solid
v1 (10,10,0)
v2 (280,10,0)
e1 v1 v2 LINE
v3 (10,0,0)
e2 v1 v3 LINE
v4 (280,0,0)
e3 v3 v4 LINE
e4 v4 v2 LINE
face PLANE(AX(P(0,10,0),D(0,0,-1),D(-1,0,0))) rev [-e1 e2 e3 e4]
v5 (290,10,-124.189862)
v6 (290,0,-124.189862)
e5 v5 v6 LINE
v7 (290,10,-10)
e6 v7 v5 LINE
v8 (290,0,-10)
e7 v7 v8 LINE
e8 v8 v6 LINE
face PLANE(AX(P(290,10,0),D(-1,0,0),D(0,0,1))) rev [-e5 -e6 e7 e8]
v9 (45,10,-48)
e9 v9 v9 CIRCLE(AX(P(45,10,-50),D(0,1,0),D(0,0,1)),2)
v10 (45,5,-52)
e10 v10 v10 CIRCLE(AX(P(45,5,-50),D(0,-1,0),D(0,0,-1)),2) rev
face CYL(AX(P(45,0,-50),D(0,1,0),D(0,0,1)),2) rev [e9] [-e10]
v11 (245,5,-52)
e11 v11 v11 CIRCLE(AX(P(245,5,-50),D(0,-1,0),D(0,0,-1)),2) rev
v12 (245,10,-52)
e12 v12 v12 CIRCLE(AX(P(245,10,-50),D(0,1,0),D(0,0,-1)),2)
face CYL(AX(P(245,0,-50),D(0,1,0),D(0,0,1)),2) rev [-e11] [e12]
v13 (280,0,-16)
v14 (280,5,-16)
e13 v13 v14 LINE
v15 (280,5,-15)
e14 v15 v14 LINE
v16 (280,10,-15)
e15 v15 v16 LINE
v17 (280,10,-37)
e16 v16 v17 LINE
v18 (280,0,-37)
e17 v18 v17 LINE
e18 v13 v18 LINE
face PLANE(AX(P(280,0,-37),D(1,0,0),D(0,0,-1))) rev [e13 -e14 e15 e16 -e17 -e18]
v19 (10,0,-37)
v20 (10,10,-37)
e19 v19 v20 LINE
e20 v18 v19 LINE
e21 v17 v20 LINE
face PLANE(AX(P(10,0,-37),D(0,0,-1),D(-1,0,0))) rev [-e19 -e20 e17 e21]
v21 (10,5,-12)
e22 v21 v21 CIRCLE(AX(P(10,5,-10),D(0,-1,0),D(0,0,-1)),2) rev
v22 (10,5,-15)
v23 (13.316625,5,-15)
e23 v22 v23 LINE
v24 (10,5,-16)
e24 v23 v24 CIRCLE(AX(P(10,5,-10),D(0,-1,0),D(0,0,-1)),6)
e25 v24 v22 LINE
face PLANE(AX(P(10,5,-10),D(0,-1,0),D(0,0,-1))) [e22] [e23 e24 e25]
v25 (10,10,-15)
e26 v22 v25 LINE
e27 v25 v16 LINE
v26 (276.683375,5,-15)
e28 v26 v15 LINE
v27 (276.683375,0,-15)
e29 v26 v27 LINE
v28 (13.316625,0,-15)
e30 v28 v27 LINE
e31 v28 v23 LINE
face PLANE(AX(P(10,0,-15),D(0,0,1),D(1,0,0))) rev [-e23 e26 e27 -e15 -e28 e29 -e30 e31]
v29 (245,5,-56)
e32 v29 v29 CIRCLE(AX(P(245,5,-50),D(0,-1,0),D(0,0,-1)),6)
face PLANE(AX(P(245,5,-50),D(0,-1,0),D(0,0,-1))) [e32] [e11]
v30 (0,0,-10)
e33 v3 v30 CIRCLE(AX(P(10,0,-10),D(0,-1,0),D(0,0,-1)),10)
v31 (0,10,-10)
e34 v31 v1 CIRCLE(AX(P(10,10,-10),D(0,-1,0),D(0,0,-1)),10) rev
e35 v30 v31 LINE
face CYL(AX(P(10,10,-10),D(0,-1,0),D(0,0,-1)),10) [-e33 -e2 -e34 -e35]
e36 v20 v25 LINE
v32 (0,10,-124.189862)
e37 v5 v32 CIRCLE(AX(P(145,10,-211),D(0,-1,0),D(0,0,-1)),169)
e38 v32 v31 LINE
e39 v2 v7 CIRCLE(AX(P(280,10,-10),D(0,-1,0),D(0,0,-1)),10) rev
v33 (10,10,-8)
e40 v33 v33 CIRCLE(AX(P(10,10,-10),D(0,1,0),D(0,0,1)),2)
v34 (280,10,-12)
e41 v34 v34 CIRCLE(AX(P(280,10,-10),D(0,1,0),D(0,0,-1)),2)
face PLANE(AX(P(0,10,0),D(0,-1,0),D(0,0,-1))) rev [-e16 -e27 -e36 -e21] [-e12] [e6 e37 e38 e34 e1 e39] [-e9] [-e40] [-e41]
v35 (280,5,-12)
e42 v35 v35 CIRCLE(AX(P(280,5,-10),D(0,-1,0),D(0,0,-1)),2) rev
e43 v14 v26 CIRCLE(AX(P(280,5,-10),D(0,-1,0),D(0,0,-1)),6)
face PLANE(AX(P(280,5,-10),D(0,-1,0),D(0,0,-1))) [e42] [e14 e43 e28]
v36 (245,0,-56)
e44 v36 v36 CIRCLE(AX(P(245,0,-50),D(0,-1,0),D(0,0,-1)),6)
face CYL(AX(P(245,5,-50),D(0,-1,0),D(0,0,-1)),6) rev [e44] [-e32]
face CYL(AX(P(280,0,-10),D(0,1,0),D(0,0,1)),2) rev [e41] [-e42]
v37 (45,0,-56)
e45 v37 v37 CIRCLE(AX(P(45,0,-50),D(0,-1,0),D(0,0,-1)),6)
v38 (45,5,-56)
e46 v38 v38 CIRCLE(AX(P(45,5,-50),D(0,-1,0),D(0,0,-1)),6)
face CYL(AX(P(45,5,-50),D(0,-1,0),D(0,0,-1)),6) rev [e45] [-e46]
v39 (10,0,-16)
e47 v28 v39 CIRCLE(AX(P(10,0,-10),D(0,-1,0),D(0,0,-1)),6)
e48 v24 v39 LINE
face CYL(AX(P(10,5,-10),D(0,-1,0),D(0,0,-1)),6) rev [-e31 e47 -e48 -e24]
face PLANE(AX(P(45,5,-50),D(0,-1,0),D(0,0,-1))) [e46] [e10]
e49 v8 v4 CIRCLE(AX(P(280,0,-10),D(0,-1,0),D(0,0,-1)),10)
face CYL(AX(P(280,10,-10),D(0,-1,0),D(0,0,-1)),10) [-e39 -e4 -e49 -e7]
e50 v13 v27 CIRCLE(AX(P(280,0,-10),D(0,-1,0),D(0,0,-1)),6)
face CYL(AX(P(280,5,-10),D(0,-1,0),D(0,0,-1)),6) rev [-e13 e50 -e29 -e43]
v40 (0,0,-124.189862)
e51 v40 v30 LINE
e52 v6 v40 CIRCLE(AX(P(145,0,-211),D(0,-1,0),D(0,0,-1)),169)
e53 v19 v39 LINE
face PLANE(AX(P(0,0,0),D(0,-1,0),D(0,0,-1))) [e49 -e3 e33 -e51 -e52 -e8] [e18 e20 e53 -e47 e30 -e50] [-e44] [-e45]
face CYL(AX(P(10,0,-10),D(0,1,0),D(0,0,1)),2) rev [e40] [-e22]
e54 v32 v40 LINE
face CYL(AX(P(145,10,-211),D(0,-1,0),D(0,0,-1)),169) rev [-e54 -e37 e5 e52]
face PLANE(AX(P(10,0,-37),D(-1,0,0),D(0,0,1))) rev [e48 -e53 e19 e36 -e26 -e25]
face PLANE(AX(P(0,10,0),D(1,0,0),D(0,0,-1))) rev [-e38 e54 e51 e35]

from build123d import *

# Parameters (mm, degrees)
BOSS_EXTRU_1_DEPTH      = 10
ESQUISSE3_R             = 2
ENL_V_MAT_EXTRU_1_DEPTH = 10
CONG_1_R                = 10
ESQUISSE4_R             = 32.5
ENL_V_MAT_EXTRU_2_DEPTH = 10
ESQUISSE5_R             = 2
ENL_V_MAT_EXTRU_3_DEPTH = 10
ESQUISSE6_W             = 270
ESQUISSE6_H             = 22
ENL_V_MAT_EXTRU_4_DEPTH = 10
ESQUISSE7_R             = 2
ENL_V_MAT_EXTRU_5_DEPTH = 10
ENL_V_MAT_EXTRU_6_DEPTH = 10
ESQUISSE9_R             = 2
ENL_V_MAT_EXTRU_7_DEPTH = 10
ESQUISSE10_R            = 6
ENL_V_MAT_EXTRU_8_DEPTH = 5


with BuildPart() as part:
    # Esquisse2 → Boss.-Extru.1 (new body)
    with BuildSketch(Plane(origin=(0, 0, 0), x_dir=(1, 0, 0), z_dir=(0, 1, 0))):
        Polygon((0, 0), (290, 0), (290, 180), (275, 180), (225, 130), (65, 130), (15, 180), (0, 180), align=None)
    extrude(amount=BOSS_EXTRU_1_DEPTH)

    # Esquisse3 → Enlèv. mat.-Extru.1 (cut)
    with BuildSketch(Plane(origin=(0, 10, 0), x_dir=(1, 0, 0), z_dir=(0, 1, 0))):
        with Locations((10, 10)):
            Circle(ESQUISSE3_R)
        with Locations((280, 10)):
            Circle(ESQUISSE3_R)
    extrude(amount=-ENL_V_MAT_EXTRU_1_DEPTH, mode=Mode.SUBTRACT)

    # Congé1
    cong_1_edges = [part.edges().sort_by_distance(p)[0] for p in [
        (290, 5, 0),
        (0, 5, 0),
    ]]
    fillet(cong_1_edges, radius=CONG_1_R)

    # Esquisse4 → Enlèv. mat.-Extru.2 (cut)
    with BuildSketch(Plane.XZ):
        with Locations((239.106279441, -116.309672248)):
            Circle(ESQUISSE4_R)
        with Locations((179.153264776, -81.942630954)):
            Circle(ESQUISSE4_R)
        with Locations((110.048910395, -82.156407472)):
            Circle(ESQUISSE4_R)
        with Locations((50.309672248, -116.893720559)):
            Circle(ESQUISSE4_R)
    extrude(amount=-ENL_V_MAT_EXTRU_2_DEPTH, mode=Mode.SUBTRACT)

    # Esquisse5 → Enlèv. mat.-Extru.3 (cut)
    with BuildSketch(Plane(origin=(0, 0, 0), x_dir=(-1, 0, 0), z_dir=(0, -1, 0))):
        with Locations((-144.50570114, 101.001110603)):
            Circle(ESQUISSE5_R)
        with Locations((-199.571369329, 115.491017964)):
            Circle(ESQUISSE5_R)
        with Locations((-221.896020418, 76.419161677)):
            Circle(ESQUISSE5_R)
        with Locations((-66.897585359, 77.115673706)):
            Circle(ESQUISSE5_R)
        with Locations((-89.572479932, 115.985316824)):
            Circle(ESQUISSE5_R)
    extrude(amount=-ENL_V_MAT_EXTRU_3_DEPTH, mode=Mode.SUBTRACT)

    # Esquisse6 → Enlèv. mat.-Extru.4 (cut)
    with BuildSketch(Plane(origin=(0, 10, 0), x_dir=(1, 0, 0), z_dir=(0, 1, 0))):
        with Locations((145, 26)):
            Rectangle(ESQUISSE6_W, ESQUISSE6_H)
    extrude(amount=-ENL_V_MAT_EXTRU_4_DEPTH, mode=Mode.SUBTRACT)

    # Esquisse7 → Enlèv. mat.-Extru.5 (cut)
    with BuildSketch(Plane(origin=(0, 10, 0), x_dir=(1, 0, 0), z_dir=(0, 1, 0))):
        with Locations((10, 165)):
            Circle(ESQUISSE7_R)
        with Locations((280, 165)):
            Circle(ESQUISSE7_R)
    extrude(amount=-ENL_V_MAT_EXTRU_5_DEPTH, mode=Mode.SUBTRACT)

    # Esquisse8 → Enlèv. mat.-Extru.6 (cut)
    with BuildSketch(Plane.XZ):
        with BuildLine():
            Line((290, -124.189862343), (307.144293733, -133.59002346))
            Line((307.144293733, -133.59002346), (298.572146866, -188.47958085))
            Line((298.572146866, -188.47958085), (-31.012454314, -192.613510827))
            Line((-31.012454314, -192.613510827), (-21.06069283, -128.889942902))
            Line((-21.06069283, -128.889942902), (0, -124.189862343))
            ThreePointArc((0, -124.189862343), (145, -42), (290, -124.189862343))
        make_face()
    extrude(amount=-ENL_V_MAT_EXTRU_6_DEPTH, mode=Mode.SUBTRACT)

    # Esquisse9 → Enlèv. mat.-Extru.7 (cut)
    with BuildSketch(Plane(origin=(0, 10, 0), x_dir=(1, 0, 0), z_dir=(0, 1, 0))):
        with Locations((45, 50)):
            Circle(ESQUISSE9_R)
        with Locations((245, 50)):
            Circle(ESQUISSE9_R)
    extrude(amount=-ENL_V_MAT_EXTRU_7_DEPTH, mode=Mode.SUBTRACT)

    # Esquisse10 → Enlèv. mat.-Extru.8 (cut)
    with BuildSketch(Plane.XZ):
        with Locations((10, -10)):
            Circle(ESQUISSE10_R)
        with Locations((45, -50)):
            Circle(ESQUISSE10_R)
        with Locations((245, -50)):
            Circle(ESQUISSE10_R)
        with Locations((280, -10)):
            Circle(ESQUISSE10_R)
    extrude(amount=-ENL_V_MAT_EXTRU_8_DEPTH, mode=Mode.SUBTRACT)


solid = part.part
